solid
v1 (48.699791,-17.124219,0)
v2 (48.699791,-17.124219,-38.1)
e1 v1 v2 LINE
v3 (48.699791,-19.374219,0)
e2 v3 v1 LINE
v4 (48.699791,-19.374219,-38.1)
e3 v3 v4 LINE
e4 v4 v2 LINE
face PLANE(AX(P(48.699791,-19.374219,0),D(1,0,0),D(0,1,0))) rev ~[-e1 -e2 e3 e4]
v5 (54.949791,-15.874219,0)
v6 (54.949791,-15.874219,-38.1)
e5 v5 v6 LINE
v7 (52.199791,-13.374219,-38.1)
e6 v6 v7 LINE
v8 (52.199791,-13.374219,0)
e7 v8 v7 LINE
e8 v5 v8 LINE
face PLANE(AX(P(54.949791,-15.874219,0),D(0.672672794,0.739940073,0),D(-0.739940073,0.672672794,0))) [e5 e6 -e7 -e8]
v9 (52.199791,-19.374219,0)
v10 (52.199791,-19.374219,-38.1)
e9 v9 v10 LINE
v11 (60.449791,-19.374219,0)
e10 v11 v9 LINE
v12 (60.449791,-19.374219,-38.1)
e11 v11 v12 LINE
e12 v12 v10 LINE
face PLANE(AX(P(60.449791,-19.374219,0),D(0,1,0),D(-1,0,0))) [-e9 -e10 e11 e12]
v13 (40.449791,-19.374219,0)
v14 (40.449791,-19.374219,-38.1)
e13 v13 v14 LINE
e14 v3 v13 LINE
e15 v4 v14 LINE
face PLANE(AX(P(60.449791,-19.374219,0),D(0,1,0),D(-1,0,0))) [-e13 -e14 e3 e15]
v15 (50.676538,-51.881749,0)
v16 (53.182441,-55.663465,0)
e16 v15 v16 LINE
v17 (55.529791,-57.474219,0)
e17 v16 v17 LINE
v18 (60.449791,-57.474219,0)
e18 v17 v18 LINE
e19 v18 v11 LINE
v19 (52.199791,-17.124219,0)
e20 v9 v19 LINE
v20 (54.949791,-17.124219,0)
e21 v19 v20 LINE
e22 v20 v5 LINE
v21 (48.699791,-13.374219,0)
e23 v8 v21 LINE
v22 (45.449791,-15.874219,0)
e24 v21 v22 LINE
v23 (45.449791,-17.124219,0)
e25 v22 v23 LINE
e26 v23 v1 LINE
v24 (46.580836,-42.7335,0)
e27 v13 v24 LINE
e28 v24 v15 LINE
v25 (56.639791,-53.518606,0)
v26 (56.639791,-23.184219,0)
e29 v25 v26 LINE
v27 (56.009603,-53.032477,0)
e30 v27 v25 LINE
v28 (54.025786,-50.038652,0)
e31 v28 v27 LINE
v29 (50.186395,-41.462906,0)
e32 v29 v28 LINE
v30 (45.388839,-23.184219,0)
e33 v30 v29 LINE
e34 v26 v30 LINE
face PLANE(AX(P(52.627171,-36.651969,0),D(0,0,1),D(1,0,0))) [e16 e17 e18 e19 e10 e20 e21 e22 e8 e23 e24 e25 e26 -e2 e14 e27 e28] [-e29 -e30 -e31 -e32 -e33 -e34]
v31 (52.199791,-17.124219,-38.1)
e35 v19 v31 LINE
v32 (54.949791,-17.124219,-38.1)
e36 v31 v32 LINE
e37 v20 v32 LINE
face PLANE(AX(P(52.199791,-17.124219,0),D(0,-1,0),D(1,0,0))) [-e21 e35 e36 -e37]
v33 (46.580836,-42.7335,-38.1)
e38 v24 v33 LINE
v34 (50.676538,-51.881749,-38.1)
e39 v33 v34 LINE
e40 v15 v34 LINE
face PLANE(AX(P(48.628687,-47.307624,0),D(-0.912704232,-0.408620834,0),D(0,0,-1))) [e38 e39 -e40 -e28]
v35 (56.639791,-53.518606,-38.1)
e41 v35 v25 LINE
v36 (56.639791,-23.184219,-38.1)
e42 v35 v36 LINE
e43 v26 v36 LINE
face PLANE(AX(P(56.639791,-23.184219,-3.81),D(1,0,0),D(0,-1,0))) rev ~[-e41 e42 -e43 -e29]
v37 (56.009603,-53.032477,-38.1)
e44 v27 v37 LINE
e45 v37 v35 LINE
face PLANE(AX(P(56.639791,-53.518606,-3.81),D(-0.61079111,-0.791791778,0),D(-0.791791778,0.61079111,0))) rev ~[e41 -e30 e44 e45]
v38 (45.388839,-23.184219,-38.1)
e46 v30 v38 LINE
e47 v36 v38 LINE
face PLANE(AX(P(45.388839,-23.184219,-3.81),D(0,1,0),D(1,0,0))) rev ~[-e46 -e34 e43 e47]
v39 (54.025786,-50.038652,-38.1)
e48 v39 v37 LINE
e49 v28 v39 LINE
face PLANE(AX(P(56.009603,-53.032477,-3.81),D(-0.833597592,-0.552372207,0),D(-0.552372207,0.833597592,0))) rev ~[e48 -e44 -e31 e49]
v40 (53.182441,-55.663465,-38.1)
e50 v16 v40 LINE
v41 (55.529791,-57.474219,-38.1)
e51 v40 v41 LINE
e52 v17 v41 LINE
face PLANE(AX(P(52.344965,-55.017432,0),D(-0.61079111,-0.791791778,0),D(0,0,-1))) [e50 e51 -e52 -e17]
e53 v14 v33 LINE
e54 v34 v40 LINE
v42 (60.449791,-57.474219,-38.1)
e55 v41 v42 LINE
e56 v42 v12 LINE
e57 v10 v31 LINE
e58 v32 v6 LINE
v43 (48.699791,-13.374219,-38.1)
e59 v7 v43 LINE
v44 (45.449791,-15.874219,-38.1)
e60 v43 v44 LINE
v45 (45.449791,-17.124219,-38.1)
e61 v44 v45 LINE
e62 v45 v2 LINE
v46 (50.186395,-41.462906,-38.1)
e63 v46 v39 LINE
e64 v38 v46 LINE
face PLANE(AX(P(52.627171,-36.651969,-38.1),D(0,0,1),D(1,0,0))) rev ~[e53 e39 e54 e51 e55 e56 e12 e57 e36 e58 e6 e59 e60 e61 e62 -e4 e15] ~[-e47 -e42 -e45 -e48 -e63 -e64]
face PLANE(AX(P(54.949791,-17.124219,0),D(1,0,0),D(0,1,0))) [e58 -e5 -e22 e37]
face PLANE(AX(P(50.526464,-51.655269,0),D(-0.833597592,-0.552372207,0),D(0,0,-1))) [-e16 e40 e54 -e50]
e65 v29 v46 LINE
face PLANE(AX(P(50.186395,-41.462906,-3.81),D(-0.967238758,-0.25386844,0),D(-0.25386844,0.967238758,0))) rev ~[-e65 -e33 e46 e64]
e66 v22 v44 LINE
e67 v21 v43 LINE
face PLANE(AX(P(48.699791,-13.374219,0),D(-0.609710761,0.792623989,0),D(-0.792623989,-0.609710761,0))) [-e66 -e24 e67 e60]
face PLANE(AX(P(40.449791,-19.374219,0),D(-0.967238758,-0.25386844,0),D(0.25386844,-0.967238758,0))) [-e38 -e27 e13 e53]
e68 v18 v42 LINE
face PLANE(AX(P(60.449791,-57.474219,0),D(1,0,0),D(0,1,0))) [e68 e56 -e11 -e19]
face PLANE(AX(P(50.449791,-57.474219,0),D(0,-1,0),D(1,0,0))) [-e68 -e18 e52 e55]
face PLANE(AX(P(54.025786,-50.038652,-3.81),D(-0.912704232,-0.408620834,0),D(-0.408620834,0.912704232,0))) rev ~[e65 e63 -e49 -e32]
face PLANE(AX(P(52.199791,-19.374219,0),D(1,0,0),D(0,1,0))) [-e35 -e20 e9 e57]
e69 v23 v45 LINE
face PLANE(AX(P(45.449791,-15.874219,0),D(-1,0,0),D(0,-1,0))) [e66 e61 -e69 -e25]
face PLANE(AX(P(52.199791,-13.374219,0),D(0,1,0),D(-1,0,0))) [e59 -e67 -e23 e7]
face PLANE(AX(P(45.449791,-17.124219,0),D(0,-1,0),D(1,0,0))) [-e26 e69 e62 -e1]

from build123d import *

# Parameters (mm, degrees)
F1_DEPTH = 38.1
F2_SIZE  = 5.08
F3_SIZE  = 5.08
F4_SIZE  = 5.08
F5_T     = -3.81
F6_DEPTH = 25.4
F0_W     = 3.5
F0_H     = 2.25
F7_DEPTH = 38.1


with BuildPart() as f1:
    # F0 (on Top) → F1 (new body)
    with BuildSketch(Plane.XY):
        Polygon((52.1997908056, -19.3742188337), (48.6997908056, -19.3742188337), (40.4497908056, -19.3742188337), (50.4497908056, -57.4742188337), (60.4497908056, -57.4742188337), (60.4497908056, -19.3742188337), align=None)
    extrude(amount=-F1_DEPTH)

    # F2
    f2_edges = [f1.edges().sort_by_distance(p)[0] for p in [
        (50.449791, -57.474219, -19.05),
    ]]
    chamfer(f2_edges, length=F2_SIZE)

    # F3
    f3_edges = [f1.edges().sort_by_distance(p)[0] for p in [
        (49.160139, -52.560646, -19.05),
    ]]
    chamfer(f3_edges, length=F3_SIZE)

    # F4
    f4_edges = [f1.edges().sort_by_distance(p)[0] for p in [
        (47.870487, -47.647073, -19.05),
    ]]
    chamfer(f4_edges, length=F4_SIZE)

    # F5
    f5_openings = [f1.faces().sort_by_distance(p)[0] for p in [
        (52.764065, -35.551883, -38.1),
    ]]
    offset(amount=F5_T, openings=f5_openings)

    # F6 (cut): a face of the model
    f6_faces = [f1.faces().sort_by_distance(p)[0] for p in [
        (52.597107383, -34.5596646163, -3.81),
    ]]
    extrude(f6_faces, amount=-F6_DEPTH, mode=Mode.SUBTRACT)

    # F0 (on Top) → F7 (join)
    with BuildSketch(Plane.XY):
        with Locations((50.4497908056, -18.2492188337)):
            Rectangle(F0_W, F0_H)
        Polygon((45.4497908056, -17.1242188337), (48.6997908056, -17.1242188337), (52.1997908056, -17.1242188337), (54.9497908056, -17.1242188337), (54.9497908056, -15.8742188337), (45.4497908056, -15.8742188337), align=None)
        Polygon((48.6997908056, -13.3742188337), (45.4497908056, -15.8742188337), (54.9497908056, -15.8742188337), (52.1997908056, -13.3742188337), align=None)
    extrude(amount=-F7_DEPTH)


solid = f1.part
